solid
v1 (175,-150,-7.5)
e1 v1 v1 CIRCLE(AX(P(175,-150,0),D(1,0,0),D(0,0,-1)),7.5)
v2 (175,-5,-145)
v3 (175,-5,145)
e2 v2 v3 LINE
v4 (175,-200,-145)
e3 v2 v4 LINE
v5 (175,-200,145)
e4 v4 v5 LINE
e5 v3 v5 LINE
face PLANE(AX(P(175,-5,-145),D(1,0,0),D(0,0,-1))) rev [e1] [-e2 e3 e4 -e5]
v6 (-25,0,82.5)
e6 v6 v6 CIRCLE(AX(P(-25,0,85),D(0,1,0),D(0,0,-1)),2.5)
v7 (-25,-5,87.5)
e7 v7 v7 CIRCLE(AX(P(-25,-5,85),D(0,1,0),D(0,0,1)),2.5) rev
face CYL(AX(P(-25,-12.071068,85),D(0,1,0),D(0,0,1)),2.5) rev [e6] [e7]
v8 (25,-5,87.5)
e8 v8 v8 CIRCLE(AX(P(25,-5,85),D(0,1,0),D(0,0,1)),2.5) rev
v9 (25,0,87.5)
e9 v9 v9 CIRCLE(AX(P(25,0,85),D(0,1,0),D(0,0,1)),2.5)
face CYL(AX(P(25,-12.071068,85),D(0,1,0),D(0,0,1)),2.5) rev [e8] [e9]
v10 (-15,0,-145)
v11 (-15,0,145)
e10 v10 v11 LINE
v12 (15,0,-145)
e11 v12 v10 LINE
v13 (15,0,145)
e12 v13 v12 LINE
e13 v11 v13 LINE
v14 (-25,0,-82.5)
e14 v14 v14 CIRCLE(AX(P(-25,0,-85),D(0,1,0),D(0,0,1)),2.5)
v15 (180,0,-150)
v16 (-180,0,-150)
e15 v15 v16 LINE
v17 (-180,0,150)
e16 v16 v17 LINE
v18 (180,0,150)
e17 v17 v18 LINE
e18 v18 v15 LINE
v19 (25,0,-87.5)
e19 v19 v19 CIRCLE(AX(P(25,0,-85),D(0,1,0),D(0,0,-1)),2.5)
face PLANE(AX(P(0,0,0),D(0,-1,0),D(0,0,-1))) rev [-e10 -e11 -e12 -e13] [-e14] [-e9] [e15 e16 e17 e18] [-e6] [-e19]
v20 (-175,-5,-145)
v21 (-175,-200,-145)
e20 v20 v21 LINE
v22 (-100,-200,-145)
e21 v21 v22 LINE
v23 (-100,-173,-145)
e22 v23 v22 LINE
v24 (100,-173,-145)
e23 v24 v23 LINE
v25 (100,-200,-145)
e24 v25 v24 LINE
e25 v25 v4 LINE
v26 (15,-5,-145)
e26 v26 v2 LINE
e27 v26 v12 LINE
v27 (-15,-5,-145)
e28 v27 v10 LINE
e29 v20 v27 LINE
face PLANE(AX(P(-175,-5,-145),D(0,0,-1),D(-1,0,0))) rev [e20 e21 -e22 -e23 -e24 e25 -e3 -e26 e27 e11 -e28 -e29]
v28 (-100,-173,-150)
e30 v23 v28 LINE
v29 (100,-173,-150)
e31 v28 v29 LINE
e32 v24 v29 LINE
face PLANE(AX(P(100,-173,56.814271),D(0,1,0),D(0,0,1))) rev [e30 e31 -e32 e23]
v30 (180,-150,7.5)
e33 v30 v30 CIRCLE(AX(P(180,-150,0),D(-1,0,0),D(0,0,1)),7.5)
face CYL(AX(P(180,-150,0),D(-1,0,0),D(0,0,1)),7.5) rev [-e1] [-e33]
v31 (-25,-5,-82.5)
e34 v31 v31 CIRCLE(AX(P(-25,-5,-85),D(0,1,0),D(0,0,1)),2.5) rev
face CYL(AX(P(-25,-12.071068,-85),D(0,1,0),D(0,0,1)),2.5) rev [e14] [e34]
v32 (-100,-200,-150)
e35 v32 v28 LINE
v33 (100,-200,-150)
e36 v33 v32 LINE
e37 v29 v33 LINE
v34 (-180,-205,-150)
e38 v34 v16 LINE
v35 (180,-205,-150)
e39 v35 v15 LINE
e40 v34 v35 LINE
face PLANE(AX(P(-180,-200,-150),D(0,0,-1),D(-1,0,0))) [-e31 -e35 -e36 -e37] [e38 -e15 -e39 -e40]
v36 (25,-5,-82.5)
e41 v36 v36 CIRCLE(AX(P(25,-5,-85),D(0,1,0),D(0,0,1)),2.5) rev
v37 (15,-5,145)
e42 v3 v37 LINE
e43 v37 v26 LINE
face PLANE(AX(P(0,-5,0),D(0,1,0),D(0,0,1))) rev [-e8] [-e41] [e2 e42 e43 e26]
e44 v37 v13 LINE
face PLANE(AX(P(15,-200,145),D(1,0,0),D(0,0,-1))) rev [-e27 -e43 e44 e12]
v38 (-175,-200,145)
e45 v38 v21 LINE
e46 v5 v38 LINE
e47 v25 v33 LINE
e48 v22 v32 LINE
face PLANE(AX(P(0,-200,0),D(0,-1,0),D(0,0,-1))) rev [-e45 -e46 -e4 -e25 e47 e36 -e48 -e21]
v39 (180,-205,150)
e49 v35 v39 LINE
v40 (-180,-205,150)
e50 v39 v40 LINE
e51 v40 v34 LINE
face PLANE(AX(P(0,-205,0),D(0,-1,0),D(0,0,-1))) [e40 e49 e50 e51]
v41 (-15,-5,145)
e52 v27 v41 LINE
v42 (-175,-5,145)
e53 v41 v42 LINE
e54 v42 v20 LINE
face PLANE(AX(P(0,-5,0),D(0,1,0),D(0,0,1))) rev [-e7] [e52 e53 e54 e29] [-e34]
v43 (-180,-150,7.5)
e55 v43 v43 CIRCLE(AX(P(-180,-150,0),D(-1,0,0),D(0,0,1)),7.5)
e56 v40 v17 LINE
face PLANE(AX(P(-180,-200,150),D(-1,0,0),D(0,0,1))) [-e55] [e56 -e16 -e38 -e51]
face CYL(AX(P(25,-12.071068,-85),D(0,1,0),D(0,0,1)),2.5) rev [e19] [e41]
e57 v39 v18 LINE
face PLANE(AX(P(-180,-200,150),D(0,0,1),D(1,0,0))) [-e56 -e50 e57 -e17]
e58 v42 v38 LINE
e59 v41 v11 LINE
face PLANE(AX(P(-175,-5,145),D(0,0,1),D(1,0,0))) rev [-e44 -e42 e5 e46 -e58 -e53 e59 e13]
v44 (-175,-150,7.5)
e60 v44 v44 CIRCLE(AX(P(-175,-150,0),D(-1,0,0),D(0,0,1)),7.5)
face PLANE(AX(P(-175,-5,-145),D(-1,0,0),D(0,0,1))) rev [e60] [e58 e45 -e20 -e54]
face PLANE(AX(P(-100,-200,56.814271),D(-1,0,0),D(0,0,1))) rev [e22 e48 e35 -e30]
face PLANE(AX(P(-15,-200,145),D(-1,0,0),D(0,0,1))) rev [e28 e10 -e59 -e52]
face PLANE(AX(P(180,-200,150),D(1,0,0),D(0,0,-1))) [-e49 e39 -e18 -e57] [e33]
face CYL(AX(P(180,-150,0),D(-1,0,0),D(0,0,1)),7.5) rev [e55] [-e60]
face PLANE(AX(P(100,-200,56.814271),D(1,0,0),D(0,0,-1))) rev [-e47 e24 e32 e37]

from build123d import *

# Parameters (mm, degrees)
SKETCH1_W           = 360
SKETCH1_H           = 300
BOSS_EXTRUDE1_DEPTH = 200
SKETCH2_W           = 350
SKETCH2_H           = 290
CUT_EXTRUDE1_DEPTH  = 195
SKETCH3_W           = 30
SKETCH3_H           = 290
CUT_EXTRUDE2_DEPTH  = 309.058436015
SKETCH4_R           = 7.5
CUT_EXTRUDE3_DEPTH  = 439.292140016
SKETCH5_R           = 2.5
CUT_EXTRUDE4_DEPTH  = 5
SKETCH6_W           = 360
SKETCH6_H           = 300
BOSS_EXTRUDE2_DEPTH = 5
SKETCH7_W           = 200
SKETCH7_H           = 27
CUT_EXTRUDE5_DEPTH  = 5


with BuildPart() as part:
    # Sketch1 → Boss-Extrude1 (new body)
    with BuildSketch(Plane(origin=(0, 0, 0), x_dir=(1, 0, 0), z_dir=(0, 1, 0))):
        Rectangle(SKETCH1_W, SKETCH1_H)
    extrude(amount=-BOSS_EXTRUDE1_DEPTH)

    # Sketch2 → Cut-Extrude1 (cut)
    with BuildSketch(Plane.XZ.offset(200)):
        Rectangle(SKETCH2_W, SKETCH2_H)
    extrude(amount=-CUT_EXTRUDE1_DEPTH, mode=Mode.SUBTRACT)

    # Sketch3 → Cut-Extrude2 (cut, through all)
    with BuildSketch(Plane(origin=(0, 0, 0), x_dir=(1, 0, 0), z_dir=(0, 1, 0))):
        Rectangle(SKETCH3_W, SKETCH3_H)
    extrude(amount=-CUT_EXTRUDE2_DEPTH, mode=Mode.SUBTRACT)

    # Sketch4 → Cut-Extrude3 (cut, through all)
    with BuildSketch(Plane.ZY.offset(180)):
        with Locations((0, -150)):
            Circle(SKETCH4_R)
    extrude(amount=-CUT_EXTRUDE3_DEPTH, mode=Mode.SUBTRACT)

    # Sketch5 → Cut-Extrude4 (cut)
    with BuildSketch(Plane(origin=(0, 0, 0), x_dir=(1, 0, 0), z_dir=(0, 1, 0))):
        with Locations(Location((-25, 85, 0), (0, 0, 270))):
            Circle(SKETCH5_R)
        with Locations(Location((25, 85, 0), (0, 0, 270))):
            Circle(SKETCH5_R)
        with Locations(Location((25, -85, 0), (0, 0, 270))):
            Circle(SKETCH5_R)
        with Locations(Location((-25, -85, 0), (0, 0, 270))):
            Circle(SKETCH5_R)
    extrude(amount=-CUT_EXTRUDE4_DEPTH, mode=Mode.SUBTRACT)

    # Sketch6 → Boss-Extrude2 (add)
    with BuildSketch(Plane.XZ.offset(200)):
        Rectangle(SKETCH6_W, SKETCH6_H)
    extrude(amount=BOSS_EXTRUDE2_DEPTH)

    # Sketch7 → Cut-Extrude5 (cut)
    with BuildSketch(Plane(origin=(0, 0, -150), x_dir=(-1, 0, 0), z_dir=(0, 0, -1))):
        with Locations((0, -186.5)):
            Rectangle(SKETCH7_W, SKETCH7_H)
    extrude(amount=-CUT_EXTRUDE5_DEPTH, mode=Mode.SUBTRACT)


solid = part.part
